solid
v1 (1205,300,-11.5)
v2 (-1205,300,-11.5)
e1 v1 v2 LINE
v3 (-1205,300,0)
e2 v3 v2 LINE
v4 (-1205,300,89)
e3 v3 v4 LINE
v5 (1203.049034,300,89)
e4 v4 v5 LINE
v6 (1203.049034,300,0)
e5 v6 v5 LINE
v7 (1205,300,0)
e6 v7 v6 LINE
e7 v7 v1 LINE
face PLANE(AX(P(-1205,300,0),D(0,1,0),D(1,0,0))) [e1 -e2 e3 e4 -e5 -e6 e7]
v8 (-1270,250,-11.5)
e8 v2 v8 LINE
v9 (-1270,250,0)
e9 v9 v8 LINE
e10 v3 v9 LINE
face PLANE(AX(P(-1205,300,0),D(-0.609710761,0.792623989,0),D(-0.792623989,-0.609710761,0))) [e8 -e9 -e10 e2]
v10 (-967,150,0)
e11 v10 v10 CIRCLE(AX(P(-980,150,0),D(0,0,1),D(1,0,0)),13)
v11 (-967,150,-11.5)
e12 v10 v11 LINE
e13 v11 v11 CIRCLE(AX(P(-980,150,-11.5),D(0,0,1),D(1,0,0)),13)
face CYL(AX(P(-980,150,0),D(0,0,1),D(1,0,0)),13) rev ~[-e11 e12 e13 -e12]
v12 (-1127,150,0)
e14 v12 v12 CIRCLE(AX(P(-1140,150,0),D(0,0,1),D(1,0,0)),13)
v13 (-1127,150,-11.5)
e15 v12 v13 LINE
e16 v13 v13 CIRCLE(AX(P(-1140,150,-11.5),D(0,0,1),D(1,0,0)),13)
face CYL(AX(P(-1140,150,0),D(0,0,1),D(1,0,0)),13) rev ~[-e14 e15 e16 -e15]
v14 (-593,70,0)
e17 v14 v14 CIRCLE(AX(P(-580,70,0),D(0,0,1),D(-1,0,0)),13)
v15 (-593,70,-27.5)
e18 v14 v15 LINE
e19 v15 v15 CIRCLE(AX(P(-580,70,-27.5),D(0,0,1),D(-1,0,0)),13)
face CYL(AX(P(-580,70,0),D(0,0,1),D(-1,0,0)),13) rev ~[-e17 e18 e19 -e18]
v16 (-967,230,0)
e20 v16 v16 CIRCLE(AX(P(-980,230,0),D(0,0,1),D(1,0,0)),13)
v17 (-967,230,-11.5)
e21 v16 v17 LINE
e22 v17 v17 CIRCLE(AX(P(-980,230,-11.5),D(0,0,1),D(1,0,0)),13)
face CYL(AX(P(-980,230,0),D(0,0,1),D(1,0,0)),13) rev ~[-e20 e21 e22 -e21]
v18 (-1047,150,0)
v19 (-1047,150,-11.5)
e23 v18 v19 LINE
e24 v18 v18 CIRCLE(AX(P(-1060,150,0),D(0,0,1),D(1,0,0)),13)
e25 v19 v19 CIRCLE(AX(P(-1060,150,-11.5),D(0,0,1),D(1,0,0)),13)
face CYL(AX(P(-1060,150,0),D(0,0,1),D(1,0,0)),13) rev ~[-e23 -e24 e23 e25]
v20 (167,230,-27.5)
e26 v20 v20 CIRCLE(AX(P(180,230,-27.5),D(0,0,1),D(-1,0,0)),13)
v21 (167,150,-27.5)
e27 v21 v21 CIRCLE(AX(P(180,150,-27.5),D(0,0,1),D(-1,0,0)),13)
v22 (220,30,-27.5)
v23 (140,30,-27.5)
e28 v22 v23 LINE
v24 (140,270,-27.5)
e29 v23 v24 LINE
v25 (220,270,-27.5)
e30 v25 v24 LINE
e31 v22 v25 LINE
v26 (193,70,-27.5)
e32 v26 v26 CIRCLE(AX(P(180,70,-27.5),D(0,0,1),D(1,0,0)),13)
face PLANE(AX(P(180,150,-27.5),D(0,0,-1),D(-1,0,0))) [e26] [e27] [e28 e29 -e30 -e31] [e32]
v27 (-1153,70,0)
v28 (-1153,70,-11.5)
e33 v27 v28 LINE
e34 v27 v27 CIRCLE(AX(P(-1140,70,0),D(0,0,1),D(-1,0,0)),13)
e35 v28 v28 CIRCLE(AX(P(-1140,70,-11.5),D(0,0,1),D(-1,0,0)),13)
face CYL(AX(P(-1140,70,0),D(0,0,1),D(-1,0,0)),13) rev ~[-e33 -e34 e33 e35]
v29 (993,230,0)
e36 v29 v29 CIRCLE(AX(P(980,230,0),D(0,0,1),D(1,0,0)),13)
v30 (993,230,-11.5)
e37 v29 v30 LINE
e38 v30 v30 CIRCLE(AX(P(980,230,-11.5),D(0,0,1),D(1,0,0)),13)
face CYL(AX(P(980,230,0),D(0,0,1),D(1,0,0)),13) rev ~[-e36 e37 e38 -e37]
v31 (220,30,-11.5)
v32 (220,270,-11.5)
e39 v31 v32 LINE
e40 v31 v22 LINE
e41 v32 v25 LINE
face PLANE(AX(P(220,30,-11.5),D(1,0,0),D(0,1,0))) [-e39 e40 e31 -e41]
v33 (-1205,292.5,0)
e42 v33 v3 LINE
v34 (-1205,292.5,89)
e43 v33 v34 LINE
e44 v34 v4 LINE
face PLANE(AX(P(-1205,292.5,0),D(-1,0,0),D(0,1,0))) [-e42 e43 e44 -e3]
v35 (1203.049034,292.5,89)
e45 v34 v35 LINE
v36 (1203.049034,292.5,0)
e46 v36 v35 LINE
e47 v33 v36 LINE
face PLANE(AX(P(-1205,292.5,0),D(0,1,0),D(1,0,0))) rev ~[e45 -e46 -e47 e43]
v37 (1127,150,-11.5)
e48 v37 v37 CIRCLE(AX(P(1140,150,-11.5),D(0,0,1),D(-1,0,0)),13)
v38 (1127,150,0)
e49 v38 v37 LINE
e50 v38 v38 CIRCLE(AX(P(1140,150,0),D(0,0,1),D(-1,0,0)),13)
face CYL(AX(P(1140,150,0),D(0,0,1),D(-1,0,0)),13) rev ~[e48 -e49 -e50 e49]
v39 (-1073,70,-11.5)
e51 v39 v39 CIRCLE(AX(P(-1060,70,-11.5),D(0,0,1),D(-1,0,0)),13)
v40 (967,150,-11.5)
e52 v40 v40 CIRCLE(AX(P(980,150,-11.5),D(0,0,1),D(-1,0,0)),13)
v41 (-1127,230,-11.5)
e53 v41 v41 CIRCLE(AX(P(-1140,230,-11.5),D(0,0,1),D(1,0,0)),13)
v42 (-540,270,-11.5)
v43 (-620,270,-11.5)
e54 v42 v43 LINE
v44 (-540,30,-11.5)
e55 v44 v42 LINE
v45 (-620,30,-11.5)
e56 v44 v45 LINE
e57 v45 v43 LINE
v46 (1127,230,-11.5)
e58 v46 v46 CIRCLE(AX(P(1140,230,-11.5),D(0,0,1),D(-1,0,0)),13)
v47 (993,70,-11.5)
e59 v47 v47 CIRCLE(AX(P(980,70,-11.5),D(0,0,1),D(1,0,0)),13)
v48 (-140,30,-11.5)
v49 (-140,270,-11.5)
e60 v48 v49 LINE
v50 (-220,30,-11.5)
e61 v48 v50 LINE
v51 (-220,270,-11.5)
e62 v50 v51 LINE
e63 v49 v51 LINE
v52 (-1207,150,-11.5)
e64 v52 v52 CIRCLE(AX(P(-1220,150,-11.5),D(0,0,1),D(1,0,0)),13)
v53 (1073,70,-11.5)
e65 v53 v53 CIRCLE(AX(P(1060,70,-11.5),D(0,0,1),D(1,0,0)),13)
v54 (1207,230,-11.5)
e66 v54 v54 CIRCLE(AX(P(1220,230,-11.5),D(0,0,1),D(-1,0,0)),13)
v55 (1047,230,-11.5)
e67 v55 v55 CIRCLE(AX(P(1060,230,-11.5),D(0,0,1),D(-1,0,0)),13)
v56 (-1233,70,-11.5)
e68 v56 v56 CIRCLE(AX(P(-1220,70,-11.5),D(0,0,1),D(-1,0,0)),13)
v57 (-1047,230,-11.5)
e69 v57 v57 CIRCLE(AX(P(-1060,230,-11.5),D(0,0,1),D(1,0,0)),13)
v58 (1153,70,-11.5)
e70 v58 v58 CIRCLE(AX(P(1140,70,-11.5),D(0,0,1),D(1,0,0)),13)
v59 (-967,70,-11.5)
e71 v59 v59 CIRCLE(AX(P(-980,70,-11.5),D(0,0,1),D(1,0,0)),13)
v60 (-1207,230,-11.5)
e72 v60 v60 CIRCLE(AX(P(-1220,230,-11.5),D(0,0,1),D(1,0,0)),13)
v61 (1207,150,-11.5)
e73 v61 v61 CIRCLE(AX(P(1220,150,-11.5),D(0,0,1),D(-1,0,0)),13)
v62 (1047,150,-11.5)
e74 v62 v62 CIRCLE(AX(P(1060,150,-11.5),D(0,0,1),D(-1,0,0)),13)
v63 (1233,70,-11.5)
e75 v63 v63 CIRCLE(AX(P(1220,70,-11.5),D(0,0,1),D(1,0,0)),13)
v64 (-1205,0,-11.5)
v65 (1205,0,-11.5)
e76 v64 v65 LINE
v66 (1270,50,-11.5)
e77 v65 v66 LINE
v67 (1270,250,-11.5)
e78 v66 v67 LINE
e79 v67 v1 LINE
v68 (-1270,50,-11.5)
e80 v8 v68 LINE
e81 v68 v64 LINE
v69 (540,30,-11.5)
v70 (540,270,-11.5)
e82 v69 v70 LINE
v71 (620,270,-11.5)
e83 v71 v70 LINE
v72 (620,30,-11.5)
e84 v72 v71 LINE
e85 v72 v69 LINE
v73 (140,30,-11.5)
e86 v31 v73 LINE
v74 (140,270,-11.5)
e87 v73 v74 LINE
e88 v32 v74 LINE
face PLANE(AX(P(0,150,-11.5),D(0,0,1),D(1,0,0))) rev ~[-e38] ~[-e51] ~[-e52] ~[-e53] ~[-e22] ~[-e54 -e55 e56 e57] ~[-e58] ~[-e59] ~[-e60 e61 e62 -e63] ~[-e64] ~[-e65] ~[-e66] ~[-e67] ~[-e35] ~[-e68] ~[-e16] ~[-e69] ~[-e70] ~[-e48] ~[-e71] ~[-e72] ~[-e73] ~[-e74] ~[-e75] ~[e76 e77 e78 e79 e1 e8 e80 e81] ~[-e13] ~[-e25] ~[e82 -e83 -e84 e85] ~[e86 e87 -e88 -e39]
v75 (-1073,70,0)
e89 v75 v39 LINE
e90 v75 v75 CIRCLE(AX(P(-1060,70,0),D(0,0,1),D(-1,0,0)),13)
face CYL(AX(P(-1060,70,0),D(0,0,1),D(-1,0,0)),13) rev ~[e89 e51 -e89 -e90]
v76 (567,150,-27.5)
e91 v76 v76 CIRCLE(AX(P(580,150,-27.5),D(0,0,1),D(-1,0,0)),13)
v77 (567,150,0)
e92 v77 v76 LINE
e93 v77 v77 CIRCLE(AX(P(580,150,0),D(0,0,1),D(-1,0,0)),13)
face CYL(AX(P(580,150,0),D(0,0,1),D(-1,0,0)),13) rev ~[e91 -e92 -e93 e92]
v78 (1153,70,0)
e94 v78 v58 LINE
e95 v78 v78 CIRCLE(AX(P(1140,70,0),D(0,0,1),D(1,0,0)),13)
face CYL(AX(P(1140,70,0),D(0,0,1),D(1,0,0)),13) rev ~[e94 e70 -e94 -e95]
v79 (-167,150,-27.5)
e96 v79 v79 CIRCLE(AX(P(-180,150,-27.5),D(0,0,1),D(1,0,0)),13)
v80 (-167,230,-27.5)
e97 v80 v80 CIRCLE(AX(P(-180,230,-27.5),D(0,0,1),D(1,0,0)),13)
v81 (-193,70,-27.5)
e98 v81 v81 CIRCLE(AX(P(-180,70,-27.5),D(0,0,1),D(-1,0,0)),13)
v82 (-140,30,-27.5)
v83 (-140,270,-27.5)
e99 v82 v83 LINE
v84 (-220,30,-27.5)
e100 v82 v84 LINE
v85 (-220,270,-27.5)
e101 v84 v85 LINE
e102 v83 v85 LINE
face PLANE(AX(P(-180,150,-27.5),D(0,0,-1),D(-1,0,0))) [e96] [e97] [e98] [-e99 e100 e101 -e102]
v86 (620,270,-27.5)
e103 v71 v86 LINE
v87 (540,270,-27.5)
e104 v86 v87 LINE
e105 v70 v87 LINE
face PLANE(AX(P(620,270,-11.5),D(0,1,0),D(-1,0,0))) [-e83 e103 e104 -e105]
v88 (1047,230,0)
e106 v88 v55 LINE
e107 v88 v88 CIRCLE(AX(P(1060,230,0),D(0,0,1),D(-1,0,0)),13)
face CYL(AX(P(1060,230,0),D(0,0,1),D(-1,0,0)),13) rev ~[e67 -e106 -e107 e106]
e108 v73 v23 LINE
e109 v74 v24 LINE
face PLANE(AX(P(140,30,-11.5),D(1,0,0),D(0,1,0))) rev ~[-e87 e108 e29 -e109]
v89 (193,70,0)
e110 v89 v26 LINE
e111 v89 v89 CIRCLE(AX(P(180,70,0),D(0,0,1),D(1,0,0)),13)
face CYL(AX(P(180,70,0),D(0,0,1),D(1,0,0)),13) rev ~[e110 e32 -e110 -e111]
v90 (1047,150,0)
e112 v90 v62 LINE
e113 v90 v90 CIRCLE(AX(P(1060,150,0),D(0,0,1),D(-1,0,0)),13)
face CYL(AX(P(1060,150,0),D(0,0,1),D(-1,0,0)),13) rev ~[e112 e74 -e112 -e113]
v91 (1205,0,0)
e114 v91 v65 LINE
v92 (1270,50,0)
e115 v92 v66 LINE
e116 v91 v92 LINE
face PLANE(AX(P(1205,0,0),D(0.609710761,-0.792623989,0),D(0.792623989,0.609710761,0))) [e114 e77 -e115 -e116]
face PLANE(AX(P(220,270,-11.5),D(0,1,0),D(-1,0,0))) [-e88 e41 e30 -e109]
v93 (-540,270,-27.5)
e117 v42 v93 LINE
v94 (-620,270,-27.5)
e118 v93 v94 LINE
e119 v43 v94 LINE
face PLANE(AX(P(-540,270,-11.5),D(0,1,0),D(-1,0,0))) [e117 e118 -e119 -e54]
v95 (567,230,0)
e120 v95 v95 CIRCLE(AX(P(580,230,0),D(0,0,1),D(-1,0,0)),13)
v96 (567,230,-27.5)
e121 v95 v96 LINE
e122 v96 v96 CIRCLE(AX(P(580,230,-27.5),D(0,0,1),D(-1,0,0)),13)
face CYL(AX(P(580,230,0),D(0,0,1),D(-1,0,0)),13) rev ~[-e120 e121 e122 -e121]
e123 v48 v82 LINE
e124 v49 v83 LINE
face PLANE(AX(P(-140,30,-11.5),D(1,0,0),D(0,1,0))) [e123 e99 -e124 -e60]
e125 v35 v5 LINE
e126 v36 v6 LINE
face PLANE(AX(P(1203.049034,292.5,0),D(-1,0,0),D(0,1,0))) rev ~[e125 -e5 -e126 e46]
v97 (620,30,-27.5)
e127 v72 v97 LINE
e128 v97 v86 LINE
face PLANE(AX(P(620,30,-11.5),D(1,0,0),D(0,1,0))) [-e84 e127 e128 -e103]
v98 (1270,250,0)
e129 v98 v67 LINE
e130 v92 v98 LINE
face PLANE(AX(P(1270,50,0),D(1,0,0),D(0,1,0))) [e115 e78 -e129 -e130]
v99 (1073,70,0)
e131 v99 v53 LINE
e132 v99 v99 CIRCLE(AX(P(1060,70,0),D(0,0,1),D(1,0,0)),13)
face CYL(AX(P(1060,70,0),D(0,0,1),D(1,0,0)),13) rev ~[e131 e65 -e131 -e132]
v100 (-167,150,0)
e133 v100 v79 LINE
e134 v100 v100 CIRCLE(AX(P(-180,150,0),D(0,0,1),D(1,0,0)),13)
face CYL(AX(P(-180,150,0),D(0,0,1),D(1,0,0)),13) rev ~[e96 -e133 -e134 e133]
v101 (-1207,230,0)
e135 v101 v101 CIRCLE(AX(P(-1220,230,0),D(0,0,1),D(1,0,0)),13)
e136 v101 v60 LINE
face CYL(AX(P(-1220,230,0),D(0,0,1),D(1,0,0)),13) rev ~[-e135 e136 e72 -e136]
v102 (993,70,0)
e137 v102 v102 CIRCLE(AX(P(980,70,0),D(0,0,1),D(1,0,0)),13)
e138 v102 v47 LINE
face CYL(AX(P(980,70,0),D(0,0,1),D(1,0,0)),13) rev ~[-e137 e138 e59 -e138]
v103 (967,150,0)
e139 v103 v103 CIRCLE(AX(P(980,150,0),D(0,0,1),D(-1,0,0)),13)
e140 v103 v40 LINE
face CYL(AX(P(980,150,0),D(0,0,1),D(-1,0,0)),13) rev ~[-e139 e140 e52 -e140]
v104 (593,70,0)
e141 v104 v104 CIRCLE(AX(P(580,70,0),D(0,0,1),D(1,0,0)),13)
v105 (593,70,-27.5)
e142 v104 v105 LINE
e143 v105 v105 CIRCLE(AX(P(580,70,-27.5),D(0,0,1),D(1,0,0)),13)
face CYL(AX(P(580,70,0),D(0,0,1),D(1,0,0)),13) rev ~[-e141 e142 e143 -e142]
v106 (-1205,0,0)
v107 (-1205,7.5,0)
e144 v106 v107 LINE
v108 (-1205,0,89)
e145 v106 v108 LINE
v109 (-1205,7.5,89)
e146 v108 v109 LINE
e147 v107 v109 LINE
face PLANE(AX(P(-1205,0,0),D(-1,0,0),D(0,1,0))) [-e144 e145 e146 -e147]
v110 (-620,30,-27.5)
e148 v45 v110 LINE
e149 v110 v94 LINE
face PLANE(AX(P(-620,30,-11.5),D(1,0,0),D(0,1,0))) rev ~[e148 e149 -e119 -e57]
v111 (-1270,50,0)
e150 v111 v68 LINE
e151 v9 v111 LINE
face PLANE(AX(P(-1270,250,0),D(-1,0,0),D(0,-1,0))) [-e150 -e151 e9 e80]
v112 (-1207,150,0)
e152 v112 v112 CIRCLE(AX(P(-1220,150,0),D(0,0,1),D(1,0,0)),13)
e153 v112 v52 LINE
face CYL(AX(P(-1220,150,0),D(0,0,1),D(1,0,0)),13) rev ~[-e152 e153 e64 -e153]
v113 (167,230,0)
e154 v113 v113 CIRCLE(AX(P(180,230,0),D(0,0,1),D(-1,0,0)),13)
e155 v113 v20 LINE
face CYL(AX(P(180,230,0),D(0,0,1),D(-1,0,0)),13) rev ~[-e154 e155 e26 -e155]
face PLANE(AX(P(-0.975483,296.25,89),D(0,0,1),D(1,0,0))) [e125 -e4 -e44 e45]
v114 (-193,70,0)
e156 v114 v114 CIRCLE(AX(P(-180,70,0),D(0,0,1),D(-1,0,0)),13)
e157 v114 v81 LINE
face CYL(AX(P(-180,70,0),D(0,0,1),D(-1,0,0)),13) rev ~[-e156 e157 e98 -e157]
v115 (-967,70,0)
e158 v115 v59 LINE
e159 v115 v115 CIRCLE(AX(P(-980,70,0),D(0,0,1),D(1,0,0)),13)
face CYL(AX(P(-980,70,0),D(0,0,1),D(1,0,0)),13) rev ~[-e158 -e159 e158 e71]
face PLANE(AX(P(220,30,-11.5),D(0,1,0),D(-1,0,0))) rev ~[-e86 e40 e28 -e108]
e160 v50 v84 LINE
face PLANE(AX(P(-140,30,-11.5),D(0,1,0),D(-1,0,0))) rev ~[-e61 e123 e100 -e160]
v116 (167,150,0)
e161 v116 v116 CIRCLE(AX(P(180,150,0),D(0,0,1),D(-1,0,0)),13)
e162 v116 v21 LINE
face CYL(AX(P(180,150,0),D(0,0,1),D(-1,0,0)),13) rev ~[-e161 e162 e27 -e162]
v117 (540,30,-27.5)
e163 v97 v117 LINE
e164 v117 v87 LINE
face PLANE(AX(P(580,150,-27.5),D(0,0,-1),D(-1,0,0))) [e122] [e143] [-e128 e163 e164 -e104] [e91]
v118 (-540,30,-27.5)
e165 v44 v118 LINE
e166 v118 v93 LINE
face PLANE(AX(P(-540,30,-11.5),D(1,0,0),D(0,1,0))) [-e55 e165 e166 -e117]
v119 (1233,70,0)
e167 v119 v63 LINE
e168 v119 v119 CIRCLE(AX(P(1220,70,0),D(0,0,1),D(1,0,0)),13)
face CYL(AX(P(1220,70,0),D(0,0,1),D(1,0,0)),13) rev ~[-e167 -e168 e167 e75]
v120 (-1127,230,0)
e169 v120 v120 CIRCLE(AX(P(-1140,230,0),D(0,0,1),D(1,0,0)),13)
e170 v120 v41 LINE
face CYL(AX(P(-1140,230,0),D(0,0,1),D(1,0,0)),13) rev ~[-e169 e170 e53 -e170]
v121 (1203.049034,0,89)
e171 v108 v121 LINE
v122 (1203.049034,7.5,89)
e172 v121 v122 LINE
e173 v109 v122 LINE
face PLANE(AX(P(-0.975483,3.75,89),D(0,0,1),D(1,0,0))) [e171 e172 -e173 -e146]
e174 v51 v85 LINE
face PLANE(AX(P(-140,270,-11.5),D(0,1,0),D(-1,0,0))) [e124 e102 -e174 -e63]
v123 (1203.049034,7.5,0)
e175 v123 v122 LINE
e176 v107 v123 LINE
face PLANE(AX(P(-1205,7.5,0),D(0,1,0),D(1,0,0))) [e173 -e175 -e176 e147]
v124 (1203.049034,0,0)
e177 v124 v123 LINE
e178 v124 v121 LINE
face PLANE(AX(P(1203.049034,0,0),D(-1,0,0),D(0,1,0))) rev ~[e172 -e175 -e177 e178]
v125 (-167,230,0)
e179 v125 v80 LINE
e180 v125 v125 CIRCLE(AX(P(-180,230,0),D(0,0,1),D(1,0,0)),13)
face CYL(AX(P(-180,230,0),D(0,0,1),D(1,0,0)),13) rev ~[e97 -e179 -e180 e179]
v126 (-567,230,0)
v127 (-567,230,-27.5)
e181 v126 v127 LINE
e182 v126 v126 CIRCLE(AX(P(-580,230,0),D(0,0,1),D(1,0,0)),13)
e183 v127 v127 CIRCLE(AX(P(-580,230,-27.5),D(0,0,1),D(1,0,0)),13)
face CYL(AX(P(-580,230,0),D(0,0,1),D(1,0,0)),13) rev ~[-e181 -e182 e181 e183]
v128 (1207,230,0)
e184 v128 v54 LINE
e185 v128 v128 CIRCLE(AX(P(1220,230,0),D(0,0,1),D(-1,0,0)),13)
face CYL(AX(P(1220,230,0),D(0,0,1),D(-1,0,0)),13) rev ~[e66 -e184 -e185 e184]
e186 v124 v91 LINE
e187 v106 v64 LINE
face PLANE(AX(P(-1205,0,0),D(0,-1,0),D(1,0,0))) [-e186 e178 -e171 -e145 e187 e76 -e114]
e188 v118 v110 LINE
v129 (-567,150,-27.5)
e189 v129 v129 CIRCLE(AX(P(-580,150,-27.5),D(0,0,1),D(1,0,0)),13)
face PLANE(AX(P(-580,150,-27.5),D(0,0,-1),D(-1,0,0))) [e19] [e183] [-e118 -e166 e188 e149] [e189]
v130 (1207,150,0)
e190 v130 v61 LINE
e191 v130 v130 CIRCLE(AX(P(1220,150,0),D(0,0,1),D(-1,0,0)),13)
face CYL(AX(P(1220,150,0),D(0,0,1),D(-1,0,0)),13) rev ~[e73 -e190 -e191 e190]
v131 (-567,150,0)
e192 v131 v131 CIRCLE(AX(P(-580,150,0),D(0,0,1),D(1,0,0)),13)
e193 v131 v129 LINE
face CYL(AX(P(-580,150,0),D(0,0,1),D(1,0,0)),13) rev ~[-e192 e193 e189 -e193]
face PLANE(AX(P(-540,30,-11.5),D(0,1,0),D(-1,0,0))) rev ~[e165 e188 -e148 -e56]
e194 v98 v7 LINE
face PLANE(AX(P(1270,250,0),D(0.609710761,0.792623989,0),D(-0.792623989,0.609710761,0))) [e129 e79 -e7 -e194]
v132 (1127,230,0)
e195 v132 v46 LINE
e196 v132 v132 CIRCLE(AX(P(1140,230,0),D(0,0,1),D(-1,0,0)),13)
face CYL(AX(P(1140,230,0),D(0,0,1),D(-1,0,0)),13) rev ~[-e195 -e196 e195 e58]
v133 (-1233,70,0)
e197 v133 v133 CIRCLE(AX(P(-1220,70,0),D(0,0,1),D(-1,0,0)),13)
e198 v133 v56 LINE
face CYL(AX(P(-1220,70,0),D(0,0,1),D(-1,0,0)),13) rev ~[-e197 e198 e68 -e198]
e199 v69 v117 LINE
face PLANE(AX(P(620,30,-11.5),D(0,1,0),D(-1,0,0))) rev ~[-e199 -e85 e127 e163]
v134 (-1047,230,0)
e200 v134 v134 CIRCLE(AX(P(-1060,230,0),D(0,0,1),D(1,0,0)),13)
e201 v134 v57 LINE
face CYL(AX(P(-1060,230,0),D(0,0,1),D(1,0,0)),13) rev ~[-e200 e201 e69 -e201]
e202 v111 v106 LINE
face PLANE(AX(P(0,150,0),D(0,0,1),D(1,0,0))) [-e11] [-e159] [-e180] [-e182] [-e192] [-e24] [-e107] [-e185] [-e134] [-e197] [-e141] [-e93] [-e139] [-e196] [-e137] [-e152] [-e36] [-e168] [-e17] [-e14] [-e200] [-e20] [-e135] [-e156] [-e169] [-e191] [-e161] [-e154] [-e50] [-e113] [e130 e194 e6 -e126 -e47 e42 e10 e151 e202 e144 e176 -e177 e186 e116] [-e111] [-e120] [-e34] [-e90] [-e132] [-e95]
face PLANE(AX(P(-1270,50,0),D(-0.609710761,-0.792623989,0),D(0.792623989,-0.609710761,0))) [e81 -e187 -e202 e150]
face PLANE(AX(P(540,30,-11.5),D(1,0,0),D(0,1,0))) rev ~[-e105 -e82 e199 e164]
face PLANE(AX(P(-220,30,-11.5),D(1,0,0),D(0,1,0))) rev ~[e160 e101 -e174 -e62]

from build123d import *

# Parameters (mm, degrees)
SKETCH_1_R          = 13
EXTRUDE_725_DEPTH   = 11.5
SKETCH_2_W          = 2408.049034164
SKETCH_2_H          = 7.5
EXTRUDE_1_DEPTH     = 89
SKETCH_3_W          = 80
SKETCH_3_H          = 240
EXTRUDE_2_DEPTH     = 16
SKETCH_4_R          = 13
CUT_EXTRUDE_1_DEPTH = 1308.983562588


with BuildPart() as part:
    # 草图1 → Extrude 725 (new body)
    with BuildSketch(Plane.XY):
        Polygon((-1205, 0), (1205, 0), (1270, 50), (1270, 250), (1205, 300), (-1205, 300), (-1270, 250), (-1270, 50), align=None)
        with Locations((-1220, 230)):
            Circle(SKETCH_1_R, mode=Mode.SUBTRACT)
        with Locations((-1220, 150)):
            Circle(SKETCH_1_R, mode=Mode.SUBTRACT)
        with Locations((-1140, 230)):
            Circle(SKETCH_1_R, mode=Mode.SUBTRACT)
        with Locations((-1140, 150)):
            Circle(SKETCH_1_R, mode=Mode.SUBTRACT)
        with Locations((-1060, 230)):
            Circle(SKETCH_1_R, mode=Mode.SUBTRACT)
        with Locations((-1060, 150)):
            Circle(SKETCH_1_R, mode=Mode.SUBTRACT)
        with Locations((-980, 150)):
            Circle(SKETCH_1_R, mode=Mode.SUBTRACT)
        with Locations(Location((-1060, 70, 0), (0, 0, 180))):
            Circle(SKETCH_1_R, mode=Mode.SUBTRACT)
        with Locations(Location((-1140, 70, 0), (0, 0, 180))):
            Circle(SKETCH_1_R, mode=Mode.SUBTRACT)
        with Locations(Location((-1220, 70, 0), (0, 0, 180))):
            Circle(SKETCH_1_R, mode=Mode.SUBTRACT)
        with Locations((1220, 70)):
            Circle(SKETCH_1_R, mode=Mode.SUBTRACT)
        with Locations((1140, 70)):
            Circle(SKETCH_1_R, mode=Mode.SUBTRACT)
        with Locations((1060, 70)):
            Circle(SKETCH_1_R, mode=Mode.SUBTRACT)
        with Locations(Location((980, 150, 0), (0, 0, 180))):
            Circle(SKETCH_1_R, mode=Mode.SUBTRACT)
        with Locations(Location((1060, 150, 0), (0, 0, 180))):
            Circle(SKETCH_1_R, mode=Mode.SUBTRACT)
        with Locations(Location((1060, 230, 0), (0, 0, 180))):
            Circle(SKETCH_1_R, mode=Mode.SUBTRACT)
        with Locations(Location((1140, 150, 0), (0, 0, 180))):
            Circle(SKETCH_1_R, mode=Mode.SUBTRACT)
        with Locations(Location((1140, 230, 0), (0, 0, 180))):
            Circle(SKETCH_1_R, mode=Mode.SUBTRACT)
        with Locations(Location((1220, 150, 0), (0, 0, 180))):
            Circle(SKETCH_1_R, mode=Mode.SUBTRACT)
        with Locations(Location((1220, 230, 0), (0, 0, 180))):
            Circle(SKETCH_1_R, mode=Mode.SUBTRACT)
        with Locations((-980, 70)):
            Circle(SKETCH_1_R, mode=Mode.SUBTRACT)
        with Locations((-980, 230)):
            Circle(SKETCH_1_R, mode=Mode.SUBTRACT)
        with Locations((980, 70)):
            Circle(SKETCH_1_R, mode=Mode.SUBTRACT)
        with Locations((980, 230)):
            Circle(SKETCH_1_R, mode=Mode.SUBTRACT)
    extrude(amount=-EXTRUDE_725_DEPTH)

    # 草图2 → 凸台-拉伸1 (add)
    with BuildSketch(Plane.XY):
        with Locations((-0.975482918, 296.25)):
            Rectangle(SKETCH_2_W, SKETCH_2_H)
        with Locations((-0.975482918, 3.75)):
            Rectangle(SKETCH_2_W, SKETCH_2_H)
    extrude(amount=EXTRUDE_1_DEPTH)

    # 草图3 → 凸台-拉伸2 (add)
    with BuildSketch(Plane(origin=(0, 0, -11.5), x_dir=(-1, 0, 0), z_dir=(0, 0, -1))):
        with Locations((-580, 150)):
            Rectangle(SKETCH_3_W, SKETCH_3_H)
        with Locations((-180, 150)):
            Rectangle(SKETCH_3_W, SKETCH_3_H)
        with Locations((180, 150)):
            Rectangle(SKETCH_3_W, SKETCH_3_H)
        with Locations((580, 150)):
            Rectangle(SKETCH_3_W, SKETCH_3_H)
    extrude(amount=EXTRUDE_2_DEPTH)

    # 草图4 → 切除-拉伸1 (cut, through all)
    with BuildSketch(Plane.XY):
        with Locations((-580, 230)):
            Circle(SKETCH_4_R)
        with Locations((-580, 150)):
            Circle(SKETCH_4_R)
        with Locations((-180, 230)):
            Circle(SKETCH_4_R)
        with Locations((-180, 150)):
            Circle(SKETCH_4_R)
        with Locations(Location((-180, 70, 0), (0, 0, 180))):
            Circle(SKETCH_4_R)
        with Locations(Location((-580, 70, 0), (0, 0, 180))):
            Circle(SKETCH_4_R)
        with Locations((580, 70)):
            Circle(SKETCH_4_R)
        with Locations((180, 70)):
            Circle(SKETCH_4_R)
        with Locations(Location((180, 150, 0), (0, 0, 180))):
            Circle(SKETCH_4_R)
        with Locations(Location((180, 230, 0), (0, 0, 180))):
            Circle(SKETCH_4_R)
        with Locations(Location((580, 150, 0), (0, 0, 180))):
            Circle(SKETCH_4_R)
        with Locations(Location((580, 230, 0), (0, 0, 180))):
            Circle(SKETCH_4_R)
    extrude(amount=-CUT_EXTRUDE_1_DEPTH, mode=Mode.SUBTRACT)


solid = part.part
